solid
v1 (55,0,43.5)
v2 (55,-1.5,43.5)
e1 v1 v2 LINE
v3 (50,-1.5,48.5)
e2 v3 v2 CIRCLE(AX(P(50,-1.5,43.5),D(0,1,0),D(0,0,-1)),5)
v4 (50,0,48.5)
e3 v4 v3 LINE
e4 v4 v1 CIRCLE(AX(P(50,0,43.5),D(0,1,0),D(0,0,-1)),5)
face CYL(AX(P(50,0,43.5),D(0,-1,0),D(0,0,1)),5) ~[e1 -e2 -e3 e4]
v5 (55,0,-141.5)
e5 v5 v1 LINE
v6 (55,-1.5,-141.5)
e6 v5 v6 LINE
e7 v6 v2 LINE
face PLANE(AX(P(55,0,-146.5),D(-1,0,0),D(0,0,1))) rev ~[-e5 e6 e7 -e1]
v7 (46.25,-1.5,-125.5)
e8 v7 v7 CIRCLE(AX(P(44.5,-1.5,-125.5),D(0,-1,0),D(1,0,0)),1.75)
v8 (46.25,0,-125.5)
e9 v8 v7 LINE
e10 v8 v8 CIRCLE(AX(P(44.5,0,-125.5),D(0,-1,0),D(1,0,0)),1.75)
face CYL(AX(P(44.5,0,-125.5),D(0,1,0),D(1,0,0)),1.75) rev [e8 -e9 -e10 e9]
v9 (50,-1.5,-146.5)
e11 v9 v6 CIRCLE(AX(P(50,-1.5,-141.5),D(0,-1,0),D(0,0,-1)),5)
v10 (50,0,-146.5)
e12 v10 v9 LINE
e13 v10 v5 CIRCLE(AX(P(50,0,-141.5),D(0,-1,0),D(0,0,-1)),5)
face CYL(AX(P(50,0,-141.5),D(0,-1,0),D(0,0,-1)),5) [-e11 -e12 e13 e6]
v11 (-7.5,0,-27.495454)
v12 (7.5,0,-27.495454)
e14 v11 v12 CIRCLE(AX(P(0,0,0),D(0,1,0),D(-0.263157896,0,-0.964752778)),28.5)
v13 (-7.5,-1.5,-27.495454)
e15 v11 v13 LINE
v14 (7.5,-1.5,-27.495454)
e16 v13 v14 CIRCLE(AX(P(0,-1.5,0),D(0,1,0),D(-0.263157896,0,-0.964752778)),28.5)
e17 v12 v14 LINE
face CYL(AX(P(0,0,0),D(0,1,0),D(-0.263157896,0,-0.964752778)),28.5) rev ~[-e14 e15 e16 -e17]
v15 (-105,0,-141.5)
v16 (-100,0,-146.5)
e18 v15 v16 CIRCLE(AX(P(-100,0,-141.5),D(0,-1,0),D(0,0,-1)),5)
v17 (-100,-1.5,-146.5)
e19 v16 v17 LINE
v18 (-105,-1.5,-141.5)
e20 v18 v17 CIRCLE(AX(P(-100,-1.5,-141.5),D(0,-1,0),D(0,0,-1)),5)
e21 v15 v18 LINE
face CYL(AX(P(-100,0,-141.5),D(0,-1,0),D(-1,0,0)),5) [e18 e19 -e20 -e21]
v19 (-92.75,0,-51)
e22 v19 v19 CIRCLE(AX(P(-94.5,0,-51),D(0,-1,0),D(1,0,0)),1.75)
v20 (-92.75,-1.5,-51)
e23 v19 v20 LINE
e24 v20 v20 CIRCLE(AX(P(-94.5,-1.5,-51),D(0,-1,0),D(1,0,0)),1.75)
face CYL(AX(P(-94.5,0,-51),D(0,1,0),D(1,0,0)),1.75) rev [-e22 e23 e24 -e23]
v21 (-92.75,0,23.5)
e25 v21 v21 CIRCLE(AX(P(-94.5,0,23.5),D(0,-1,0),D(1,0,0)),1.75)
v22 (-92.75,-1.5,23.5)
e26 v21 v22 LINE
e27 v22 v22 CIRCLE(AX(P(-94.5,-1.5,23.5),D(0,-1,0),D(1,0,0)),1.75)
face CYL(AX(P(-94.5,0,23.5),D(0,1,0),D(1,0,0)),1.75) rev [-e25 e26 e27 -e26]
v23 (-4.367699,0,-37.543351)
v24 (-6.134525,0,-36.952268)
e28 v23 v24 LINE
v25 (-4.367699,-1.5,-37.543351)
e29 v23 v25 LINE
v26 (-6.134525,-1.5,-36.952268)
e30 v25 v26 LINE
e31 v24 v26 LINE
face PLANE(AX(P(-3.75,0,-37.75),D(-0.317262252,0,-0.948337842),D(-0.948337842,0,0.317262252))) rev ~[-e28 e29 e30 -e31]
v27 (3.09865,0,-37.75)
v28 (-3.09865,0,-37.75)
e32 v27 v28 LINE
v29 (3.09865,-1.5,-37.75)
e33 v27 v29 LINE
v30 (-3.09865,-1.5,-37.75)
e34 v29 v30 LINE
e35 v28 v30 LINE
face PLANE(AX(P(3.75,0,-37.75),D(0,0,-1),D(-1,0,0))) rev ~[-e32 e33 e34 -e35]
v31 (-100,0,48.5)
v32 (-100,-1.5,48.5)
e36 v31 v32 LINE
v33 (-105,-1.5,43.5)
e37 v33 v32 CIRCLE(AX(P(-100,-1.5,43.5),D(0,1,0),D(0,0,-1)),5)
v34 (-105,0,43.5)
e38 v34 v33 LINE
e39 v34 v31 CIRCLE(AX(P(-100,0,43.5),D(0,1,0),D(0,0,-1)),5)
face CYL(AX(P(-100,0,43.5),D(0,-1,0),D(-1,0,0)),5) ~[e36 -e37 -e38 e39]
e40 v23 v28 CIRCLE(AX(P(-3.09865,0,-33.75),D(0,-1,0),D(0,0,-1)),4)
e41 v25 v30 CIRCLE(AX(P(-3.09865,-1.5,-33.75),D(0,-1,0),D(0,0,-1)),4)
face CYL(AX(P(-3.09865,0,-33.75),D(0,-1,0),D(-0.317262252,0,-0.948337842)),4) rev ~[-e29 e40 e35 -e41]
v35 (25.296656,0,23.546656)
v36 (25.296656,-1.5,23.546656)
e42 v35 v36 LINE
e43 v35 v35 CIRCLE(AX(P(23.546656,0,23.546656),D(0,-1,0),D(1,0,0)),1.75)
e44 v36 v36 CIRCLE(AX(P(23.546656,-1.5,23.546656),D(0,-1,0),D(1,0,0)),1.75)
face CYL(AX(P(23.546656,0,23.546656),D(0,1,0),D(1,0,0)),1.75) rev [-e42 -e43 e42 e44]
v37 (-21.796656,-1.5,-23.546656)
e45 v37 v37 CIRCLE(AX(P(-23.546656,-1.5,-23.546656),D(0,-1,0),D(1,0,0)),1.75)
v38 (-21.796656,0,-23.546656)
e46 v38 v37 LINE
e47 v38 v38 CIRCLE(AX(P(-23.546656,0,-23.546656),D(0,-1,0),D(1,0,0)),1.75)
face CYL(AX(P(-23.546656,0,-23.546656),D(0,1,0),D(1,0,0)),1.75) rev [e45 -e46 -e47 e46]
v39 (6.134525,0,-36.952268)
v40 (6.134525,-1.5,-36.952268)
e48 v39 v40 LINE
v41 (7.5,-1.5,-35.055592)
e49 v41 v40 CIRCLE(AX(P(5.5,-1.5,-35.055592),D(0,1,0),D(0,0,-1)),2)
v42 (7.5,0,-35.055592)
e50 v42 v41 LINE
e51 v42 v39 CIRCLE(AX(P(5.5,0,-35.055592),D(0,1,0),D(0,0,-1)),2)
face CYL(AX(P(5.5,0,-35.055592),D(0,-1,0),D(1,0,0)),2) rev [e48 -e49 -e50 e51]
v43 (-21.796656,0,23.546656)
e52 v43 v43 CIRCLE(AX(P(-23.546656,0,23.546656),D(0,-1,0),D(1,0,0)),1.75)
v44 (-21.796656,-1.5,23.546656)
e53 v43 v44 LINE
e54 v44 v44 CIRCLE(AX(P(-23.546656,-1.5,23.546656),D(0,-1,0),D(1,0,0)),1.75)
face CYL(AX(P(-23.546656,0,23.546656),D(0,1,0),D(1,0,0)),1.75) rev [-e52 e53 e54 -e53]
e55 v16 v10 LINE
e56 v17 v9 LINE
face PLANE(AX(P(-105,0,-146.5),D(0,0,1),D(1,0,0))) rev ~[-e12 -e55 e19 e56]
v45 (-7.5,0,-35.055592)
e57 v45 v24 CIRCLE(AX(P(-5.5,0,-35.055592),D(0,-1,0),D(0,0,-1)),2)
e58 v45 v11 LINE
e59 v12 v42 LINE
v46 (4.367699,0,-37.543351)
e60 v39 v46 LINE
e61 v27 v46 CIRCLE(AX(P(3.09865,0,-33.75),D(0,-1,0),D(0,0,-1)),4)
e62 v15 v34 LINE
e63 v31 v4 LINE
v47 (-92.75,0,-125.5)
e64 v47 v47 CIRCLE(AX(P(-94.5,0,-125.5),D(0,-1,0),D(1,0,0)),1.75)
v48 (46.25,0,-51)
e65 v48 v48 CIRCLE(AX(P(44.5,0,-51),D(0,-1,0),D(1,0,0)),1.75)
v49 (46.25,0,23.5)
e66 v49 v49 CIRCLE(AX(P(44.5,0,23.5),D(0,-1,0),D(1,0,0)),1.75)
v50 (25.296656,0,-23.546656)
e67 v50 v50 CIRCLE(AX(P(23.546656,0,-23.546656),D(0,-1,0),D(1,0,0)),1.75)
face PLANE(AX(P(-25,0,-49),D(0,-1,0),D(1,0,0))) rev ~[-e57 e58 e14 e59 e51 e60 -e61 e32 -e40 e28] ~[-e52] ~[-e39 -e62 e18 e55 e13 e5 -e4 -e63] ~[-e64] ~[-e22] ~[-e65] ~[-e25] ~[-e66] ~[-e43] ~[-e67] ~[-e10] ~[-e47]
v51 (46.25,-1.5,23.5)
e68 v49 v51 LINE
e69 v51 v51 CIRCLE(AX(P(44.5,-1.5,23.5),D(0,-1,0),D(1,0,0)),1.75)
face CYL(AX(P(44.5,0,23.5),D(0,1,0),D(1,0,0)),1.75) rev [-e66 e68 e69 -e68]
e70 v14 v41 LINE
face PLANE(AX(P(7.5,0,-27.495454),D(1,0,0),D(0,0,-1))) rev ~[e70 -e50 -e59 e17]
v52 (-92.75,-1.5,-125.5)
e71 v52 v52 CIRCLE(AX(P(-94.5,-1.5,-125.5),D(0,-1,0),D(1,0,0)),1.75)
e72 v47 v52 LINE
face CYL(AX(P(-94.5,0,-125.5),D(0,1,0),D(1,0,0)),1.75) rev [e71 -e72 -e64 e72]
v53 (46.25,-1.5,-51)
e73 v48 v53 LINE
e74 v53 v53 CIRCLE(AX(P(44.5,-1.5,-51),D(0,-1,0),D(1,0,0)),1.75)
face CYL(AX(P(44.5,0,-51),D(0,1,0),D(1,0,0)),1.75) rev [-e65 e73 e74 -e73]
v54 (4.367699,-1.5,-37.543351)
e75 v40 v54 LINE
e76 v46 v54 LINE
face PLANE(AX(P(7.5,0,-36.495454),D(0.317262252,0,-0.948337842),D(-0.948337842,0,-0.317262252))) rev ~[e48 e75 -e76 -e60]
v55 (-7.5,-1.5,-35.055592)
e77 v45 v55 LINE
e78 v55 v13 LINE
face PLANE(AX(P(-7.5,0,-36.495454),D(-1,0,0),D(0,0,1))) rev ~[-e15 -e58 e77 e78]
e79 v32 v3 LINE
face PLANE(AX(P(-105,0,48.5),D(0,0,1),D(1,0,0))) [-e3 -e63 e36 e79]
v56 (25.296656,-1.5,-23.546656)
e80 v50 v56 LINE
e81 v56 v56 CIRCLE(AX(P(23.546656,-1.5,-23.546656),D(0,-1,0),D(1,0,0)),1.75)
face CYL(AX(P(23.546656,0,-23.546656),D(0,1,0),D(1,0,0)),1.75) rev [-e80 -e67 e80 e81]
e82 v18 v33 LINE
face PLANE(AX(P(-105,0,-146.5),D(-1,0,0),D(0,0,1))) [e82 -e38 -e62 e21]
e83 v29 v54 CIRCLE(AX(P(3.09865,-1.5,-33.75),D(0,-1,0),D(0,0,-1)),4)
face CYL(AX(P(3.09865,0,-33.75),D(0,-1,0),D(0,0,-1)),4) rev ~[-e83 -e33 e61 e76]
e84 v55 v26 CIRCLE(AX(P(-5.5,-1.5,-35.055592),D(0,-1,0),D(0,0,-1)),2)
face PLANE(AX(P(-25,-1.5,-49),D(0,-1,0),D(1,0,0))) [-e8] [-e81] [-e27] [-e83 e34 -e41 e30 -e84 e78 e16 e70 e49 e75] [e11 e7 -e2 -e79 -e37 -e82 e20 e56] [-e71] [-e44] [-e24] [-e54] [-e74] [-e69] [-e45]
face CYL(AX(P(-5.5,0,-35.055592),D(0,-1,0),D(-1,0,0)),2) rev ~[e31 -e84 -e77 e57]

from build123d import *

# Parameters (mm, degrees)
F0_W     = 160
F0_H     = 195
F0_R     = 1.75
F1_DEPTH = 1.5
F2_R     = 2
F3_R     = 4
F4_R     = 5


with BuildPart() as f1:
    # F0 (on Front) → F1 (new body)
    with BuildSketch(Plane.XZ):
        with Locations((-25, -49)):
            Rectangle(F0_W, F0_H)
        with Locations((-94.5, -125.5)):
            Circle(F0_R, mode=Mode.SUBTRACT)
        with Locations((-94.5, -51)):
            Circle(F0_R, mode=Mode.SUBTRACT)
        with Locations((44.5, -125.5)):
            Circle(F0_R, mode=Mode.SUBTRACT)
        with Locations((44.5, -51)):
            Circle(F0_R, mode=Mode.SUBTRACT)
        with Locations((-94.5, 23.5)):
            Circle(F0_R, mode=Mode.SUBTRACT)
        with Locations((-23.546656, -23.546656)):
            Circle(F0_R, mode=Mode.SUBTRACT)
        with BuildLine():
            ThreePointArc((-7.5, -27.495454), (0, 28.5), (7.5, -27.495454))
            Line((7.5, -27.495454), (7.5, -30))
            Line((7.5, -30), (7.5, -36.495454))
            Line((7.5, -36.495454), (3.75, -37.75))
            Line((3.75, -37.75), (0, -37.75))
            Line((0, -37.75), (-3.75, -37.75))
            Line((-3.75, -37.75), (-7.5, -36.495454))
            Line((-7.5, -36.495454), (-7.5, -30))
            Line((-7.5, -30), (-7.5, -27.495454))
        make_face(mode=Mode.SUBTRACT)
        with Locations((23.546656, -23.546656)):
            Circle(F0_R, mode=Mode.SUBTRACT)
        with Locations((-23.546656, 23.546656)):
            Circle(F0_R, mode=Mode.SUBTRACT)
        with Locations((23.546656, 23.546656)):
            Circle(F0_R, mode=Mode.SUBTRACT)
        with Locations((44.5, 23.5)):
            Circle(F0_R, mode=Mode.SUBTRACT)
    extrude(amount=F1_DEPTH)

    # F2
    f2_edges = [f1.edges().sort_by_distance(p)[0] for p in [
        (7.5, -0.75, -36.495454),
        (-7.5, -0.75, -36.495454),
    ]]
    fillet(f2_edges, radius=F2_R)

    # F3
    f3_edges = [f1.edges().sort_by_distance(p)[0] for p in [
        (3.75, -0.75, -37.75),
        (-3.75, -0.75, -37.75),
    ]]
    fillet(f3_edges, radius=F3_R)

    # F4
    f4_edges = [f1.edges().sort_by_distance(p)[0] for p in [
        (55, -0.75, 48.5),
        (-105, -0.75, 48.5),
        (-105, -0.75, -146.5),
        (55, -0.75, -146.5),
    ]]
    fillet(f4_edges, radius=F4_R)


solid = f1.part
